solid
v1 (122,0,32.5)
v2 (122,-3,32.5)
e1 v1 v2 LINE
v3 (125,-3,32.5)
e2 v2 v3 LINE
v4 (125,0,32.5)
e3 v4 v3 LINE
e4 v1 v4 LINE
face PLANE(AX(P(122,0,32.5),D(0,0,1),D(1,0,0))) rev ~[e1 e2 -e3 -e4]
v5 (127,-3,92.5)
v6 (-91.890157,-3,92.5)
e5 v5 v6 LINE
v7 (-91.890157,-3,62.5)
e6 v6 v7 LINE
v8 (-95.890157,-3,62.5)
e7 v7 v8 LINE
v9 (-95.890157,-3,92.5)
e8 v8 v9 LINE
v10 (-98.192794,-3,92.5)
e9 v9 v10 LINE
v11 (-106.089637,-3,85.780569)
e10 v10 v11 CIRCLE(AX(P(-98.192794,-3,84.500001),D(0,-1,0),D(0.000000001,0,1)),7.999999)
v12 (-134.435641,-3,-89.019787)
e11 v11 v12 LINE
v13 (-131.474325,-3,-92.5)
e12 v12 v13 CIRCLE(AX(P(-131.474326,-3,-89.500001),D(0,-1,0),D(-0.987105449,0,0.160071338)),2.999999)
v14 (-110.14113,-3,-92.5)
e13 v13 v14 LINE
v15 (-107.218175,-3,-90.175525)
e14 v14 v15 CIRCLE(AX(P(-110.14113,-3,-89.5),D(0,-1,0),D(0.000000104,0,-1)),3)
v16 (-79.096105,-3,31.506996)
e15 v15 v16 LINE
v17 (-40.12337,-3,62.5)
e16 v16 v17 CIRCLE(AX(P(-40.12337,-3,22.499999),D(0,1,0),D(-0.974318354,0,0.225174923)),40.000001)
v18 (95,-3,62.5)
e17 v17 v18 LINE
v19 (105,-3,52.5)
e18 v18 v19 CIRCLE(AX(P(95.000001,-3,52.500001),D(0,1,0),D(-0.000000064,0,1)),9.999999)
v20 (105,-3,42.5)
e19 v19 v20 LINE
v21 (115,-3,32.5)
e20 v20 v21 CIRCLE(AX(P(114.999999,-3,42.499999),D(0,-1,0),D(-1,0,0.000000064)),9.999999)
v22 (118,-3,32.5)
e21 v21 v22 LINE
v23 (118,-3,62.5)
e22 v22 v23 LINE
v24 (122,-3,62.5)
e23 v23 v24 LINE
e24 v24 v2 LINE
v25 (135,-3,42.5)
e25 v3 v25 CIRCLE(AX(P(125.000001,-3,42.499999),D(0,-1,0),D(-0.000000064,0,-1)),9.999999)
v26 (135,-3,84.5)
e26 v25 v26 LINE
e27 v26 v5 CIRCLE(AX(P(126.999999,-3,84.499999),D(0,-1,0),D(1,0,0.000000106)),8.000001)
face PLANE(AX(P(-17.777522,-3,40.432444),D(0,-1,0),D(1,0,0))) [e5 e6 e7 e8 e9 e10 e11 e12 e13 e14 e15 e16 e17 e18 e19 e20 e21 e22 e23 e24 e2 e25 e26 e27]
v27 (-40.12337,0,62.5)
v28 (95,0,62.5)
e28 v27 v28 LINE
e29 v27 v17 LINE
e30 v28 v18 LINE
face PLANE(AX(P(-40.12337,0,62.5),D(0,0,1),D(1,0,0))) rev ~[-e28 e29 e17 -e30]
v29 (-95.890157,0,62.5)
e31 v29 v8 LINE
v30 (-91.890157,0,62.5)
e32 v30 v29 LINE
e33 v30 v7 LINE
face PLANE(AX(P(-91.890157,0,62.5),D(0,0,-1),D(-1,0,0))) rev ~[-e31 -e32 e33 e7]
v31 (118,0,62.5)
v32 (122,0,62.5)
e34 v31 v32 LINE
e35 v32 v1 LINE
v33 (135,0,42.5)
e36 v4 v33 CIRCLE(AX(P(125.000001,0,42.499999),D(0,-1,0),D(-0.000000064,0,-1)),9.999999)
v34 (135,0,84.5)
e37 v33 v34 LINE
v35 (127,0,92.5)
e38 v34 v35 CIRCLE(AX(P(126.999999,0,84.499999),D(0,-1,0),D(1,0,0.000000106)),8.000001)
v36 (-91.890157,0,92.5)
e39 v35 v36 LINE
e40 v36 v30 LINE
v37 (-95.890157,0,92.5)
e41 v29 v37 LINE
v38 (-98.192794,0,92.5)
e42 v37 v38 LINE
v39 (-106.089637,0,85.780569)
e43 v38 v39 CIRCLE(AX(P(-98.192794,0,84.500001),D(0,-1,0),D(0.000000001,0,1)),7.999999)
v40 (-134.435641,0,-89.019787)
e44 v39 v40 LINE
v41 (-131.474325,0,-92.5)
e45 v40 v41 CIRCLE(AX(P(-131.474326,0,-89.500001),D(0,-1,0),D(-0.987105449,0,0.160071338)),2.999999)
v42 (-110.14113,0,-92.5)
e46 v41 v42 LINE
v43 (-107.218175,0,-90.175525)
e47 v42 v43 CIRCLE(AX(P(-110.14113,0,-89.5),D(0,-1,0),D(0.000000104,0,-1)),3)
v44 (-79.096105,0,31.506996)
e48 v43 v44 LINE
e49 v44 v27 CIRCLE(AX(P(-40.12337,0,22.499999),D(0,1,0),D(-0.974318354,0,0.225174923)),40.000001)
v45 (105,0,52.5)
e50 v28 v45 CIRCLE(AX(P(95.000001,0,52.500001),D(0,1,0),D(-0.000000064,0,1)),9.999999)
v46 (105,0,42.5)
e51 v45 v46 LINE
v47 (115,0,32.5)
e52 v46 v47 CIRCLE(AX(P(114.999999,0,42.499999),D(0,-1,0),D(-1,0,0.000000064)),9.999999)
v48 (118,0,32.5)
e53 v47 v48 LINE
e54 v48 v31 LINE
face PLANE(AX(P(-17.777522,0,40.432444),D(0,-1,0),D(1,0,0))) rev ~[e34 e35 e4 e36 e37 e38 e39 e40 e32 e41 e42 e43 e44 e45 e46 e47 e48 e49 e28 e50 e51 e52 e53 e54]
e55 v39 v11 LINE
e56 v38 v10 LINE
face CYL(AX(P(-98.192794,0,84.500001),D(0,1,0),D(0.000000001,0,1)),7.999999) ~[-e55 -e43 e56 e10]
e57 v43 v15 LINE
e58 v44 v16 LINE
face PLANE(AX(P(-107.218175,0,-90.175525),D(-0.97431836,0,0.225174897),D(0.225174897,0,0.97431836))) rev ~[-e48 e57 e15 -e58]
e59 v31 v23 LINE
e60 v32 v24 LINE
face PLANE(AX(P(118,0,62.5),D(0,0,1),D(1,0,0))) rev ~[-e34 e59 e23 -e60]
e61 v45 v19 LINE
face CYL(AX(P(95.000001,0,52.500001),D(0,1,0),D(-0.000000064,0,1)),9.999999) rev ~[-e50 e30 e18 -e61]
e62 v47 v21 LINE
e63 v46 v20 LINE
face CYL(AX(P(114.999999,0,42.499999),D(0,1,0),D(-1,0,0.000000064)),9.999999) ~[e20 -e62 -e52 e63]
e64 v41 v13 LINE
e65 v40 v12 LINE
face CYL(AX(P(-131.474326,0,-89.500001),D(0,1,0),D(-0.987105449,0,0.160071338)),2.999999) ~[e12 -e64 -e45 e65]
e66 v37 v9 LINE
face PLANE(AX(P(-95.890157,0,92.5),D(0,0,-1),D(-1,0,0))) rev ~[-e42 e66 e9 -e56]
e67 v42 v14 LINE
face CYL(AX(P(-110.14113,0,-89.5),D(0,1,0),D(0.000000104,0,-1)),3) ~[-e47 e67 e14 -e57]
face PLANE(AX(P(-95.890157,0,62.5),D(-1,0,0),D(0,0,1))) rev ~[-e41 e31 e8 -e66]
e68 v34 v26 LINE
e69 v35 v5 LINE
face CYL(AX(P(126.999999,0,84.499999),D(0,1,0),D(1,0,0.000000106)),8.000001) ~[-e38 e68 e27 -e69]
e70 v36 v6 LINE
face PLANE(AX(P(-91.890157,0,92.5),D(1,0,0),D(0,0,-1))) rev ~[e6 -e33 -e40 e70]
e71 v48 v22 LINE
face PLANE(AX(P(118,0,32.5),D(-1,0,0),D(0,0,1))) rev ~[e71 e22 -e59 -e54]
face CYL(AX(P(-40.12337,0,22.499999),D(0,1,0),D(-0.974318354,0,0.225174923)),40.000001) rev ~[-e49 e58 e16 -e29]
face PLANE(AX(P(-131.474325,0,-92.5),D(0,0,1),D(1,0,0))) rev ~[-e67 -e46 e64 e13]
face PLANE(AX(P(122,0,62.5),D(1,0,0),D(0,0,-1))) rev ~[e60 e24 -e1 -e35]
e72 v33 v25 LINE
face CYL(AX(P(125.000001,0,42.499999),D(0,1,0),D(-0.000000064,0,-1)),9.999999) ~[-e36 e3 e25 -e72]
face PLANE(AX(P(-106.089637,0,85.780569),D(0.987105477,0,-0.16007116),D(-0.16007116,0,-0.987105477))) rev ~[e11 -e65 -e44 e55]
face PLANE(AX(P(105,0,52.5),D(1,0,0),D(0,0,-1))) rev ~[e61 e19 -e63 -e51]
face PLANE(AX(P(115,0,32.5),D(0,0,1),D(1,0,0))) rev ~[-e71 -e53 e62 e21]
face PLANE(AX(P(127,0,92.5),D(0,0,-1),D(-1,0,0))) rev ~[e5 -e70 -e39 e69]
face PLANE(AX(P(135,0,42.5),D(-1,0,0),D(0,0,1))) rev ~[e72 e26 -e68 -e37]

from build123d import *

# Parameters (mm, degrees)
F1_DEPTH = 3


with BuildPart() as f1:
    # F0 (on Front) → F1 (new body)
    with BuildSketch(Plane.XZ):
        with BuildLine():
            Line((-95.890157, 92.5), (-98.192794, 92.5))
            ThreePointArc((-98.192794, 92.5), (-103.377167, 90.592805), (-106.089637, 85.780569))
            Line((-106.089637, 85.780569), (-134.435641, -89.019787))
            ThreePointArc((-134.435641, -89.019787), (-133.759127, -91.44414), (-131.474325, -92.5))
            Line((-131.474325, -92.5), (-110.14113, -92.5))
            ThreePointArc((-110.14113, -92.5), (-108.273856, -91.848039), (-107.218175, -90.175525))
            Line((-107.218175, -90.175525), (-79.096105, 31.506996))
            ThreePointArc((-79.096105, 31.506996), (-65.02036, 53.807186), (-40.12337, 62.5))
            Line((-40.12337, 62.5), (95, 62.5))
            ThreePointArc((95, 62.5), (102.071068, 59.571068), (105, 52.5))
            Line((105, 52.5), (105, 42.5))
            ThreePointArc((105, 42.5), (107.928932, 35.428932), (115, 32.5))
            Line((115, 32.5), (118, 32.5))
            Line((118, 32.5), (118, 62.5))
            Line((118, 62.5), (122, 62.5))
            Line((122, 62.5), (122, 32.5))
            Line((122, 32.5), (125, 32.5))
            ThreePointArc((125, 32.5), (132.071068, 35.428932), (135, 42.5))
            Line((135, 42.5), (135, 62.5))
            Line((135, 62.5), (135, 84.5))
            ThreePointArc((135, 84.5), (132.656854, 90.156854), (127, 92.5))
            Line((127, 92.5), (-91.890157, 92.5))
            Line((-91.890157, 92.5), (-91.890157, 62.5))
            Line((-91.890157, 62.5), (-95.890157, 62.5))
            Line((-95.890157, 62.5), (-95.890157, 92.5))
        make_face()
    extrude(amount=F1_DEPTH)


solid = f1.part
